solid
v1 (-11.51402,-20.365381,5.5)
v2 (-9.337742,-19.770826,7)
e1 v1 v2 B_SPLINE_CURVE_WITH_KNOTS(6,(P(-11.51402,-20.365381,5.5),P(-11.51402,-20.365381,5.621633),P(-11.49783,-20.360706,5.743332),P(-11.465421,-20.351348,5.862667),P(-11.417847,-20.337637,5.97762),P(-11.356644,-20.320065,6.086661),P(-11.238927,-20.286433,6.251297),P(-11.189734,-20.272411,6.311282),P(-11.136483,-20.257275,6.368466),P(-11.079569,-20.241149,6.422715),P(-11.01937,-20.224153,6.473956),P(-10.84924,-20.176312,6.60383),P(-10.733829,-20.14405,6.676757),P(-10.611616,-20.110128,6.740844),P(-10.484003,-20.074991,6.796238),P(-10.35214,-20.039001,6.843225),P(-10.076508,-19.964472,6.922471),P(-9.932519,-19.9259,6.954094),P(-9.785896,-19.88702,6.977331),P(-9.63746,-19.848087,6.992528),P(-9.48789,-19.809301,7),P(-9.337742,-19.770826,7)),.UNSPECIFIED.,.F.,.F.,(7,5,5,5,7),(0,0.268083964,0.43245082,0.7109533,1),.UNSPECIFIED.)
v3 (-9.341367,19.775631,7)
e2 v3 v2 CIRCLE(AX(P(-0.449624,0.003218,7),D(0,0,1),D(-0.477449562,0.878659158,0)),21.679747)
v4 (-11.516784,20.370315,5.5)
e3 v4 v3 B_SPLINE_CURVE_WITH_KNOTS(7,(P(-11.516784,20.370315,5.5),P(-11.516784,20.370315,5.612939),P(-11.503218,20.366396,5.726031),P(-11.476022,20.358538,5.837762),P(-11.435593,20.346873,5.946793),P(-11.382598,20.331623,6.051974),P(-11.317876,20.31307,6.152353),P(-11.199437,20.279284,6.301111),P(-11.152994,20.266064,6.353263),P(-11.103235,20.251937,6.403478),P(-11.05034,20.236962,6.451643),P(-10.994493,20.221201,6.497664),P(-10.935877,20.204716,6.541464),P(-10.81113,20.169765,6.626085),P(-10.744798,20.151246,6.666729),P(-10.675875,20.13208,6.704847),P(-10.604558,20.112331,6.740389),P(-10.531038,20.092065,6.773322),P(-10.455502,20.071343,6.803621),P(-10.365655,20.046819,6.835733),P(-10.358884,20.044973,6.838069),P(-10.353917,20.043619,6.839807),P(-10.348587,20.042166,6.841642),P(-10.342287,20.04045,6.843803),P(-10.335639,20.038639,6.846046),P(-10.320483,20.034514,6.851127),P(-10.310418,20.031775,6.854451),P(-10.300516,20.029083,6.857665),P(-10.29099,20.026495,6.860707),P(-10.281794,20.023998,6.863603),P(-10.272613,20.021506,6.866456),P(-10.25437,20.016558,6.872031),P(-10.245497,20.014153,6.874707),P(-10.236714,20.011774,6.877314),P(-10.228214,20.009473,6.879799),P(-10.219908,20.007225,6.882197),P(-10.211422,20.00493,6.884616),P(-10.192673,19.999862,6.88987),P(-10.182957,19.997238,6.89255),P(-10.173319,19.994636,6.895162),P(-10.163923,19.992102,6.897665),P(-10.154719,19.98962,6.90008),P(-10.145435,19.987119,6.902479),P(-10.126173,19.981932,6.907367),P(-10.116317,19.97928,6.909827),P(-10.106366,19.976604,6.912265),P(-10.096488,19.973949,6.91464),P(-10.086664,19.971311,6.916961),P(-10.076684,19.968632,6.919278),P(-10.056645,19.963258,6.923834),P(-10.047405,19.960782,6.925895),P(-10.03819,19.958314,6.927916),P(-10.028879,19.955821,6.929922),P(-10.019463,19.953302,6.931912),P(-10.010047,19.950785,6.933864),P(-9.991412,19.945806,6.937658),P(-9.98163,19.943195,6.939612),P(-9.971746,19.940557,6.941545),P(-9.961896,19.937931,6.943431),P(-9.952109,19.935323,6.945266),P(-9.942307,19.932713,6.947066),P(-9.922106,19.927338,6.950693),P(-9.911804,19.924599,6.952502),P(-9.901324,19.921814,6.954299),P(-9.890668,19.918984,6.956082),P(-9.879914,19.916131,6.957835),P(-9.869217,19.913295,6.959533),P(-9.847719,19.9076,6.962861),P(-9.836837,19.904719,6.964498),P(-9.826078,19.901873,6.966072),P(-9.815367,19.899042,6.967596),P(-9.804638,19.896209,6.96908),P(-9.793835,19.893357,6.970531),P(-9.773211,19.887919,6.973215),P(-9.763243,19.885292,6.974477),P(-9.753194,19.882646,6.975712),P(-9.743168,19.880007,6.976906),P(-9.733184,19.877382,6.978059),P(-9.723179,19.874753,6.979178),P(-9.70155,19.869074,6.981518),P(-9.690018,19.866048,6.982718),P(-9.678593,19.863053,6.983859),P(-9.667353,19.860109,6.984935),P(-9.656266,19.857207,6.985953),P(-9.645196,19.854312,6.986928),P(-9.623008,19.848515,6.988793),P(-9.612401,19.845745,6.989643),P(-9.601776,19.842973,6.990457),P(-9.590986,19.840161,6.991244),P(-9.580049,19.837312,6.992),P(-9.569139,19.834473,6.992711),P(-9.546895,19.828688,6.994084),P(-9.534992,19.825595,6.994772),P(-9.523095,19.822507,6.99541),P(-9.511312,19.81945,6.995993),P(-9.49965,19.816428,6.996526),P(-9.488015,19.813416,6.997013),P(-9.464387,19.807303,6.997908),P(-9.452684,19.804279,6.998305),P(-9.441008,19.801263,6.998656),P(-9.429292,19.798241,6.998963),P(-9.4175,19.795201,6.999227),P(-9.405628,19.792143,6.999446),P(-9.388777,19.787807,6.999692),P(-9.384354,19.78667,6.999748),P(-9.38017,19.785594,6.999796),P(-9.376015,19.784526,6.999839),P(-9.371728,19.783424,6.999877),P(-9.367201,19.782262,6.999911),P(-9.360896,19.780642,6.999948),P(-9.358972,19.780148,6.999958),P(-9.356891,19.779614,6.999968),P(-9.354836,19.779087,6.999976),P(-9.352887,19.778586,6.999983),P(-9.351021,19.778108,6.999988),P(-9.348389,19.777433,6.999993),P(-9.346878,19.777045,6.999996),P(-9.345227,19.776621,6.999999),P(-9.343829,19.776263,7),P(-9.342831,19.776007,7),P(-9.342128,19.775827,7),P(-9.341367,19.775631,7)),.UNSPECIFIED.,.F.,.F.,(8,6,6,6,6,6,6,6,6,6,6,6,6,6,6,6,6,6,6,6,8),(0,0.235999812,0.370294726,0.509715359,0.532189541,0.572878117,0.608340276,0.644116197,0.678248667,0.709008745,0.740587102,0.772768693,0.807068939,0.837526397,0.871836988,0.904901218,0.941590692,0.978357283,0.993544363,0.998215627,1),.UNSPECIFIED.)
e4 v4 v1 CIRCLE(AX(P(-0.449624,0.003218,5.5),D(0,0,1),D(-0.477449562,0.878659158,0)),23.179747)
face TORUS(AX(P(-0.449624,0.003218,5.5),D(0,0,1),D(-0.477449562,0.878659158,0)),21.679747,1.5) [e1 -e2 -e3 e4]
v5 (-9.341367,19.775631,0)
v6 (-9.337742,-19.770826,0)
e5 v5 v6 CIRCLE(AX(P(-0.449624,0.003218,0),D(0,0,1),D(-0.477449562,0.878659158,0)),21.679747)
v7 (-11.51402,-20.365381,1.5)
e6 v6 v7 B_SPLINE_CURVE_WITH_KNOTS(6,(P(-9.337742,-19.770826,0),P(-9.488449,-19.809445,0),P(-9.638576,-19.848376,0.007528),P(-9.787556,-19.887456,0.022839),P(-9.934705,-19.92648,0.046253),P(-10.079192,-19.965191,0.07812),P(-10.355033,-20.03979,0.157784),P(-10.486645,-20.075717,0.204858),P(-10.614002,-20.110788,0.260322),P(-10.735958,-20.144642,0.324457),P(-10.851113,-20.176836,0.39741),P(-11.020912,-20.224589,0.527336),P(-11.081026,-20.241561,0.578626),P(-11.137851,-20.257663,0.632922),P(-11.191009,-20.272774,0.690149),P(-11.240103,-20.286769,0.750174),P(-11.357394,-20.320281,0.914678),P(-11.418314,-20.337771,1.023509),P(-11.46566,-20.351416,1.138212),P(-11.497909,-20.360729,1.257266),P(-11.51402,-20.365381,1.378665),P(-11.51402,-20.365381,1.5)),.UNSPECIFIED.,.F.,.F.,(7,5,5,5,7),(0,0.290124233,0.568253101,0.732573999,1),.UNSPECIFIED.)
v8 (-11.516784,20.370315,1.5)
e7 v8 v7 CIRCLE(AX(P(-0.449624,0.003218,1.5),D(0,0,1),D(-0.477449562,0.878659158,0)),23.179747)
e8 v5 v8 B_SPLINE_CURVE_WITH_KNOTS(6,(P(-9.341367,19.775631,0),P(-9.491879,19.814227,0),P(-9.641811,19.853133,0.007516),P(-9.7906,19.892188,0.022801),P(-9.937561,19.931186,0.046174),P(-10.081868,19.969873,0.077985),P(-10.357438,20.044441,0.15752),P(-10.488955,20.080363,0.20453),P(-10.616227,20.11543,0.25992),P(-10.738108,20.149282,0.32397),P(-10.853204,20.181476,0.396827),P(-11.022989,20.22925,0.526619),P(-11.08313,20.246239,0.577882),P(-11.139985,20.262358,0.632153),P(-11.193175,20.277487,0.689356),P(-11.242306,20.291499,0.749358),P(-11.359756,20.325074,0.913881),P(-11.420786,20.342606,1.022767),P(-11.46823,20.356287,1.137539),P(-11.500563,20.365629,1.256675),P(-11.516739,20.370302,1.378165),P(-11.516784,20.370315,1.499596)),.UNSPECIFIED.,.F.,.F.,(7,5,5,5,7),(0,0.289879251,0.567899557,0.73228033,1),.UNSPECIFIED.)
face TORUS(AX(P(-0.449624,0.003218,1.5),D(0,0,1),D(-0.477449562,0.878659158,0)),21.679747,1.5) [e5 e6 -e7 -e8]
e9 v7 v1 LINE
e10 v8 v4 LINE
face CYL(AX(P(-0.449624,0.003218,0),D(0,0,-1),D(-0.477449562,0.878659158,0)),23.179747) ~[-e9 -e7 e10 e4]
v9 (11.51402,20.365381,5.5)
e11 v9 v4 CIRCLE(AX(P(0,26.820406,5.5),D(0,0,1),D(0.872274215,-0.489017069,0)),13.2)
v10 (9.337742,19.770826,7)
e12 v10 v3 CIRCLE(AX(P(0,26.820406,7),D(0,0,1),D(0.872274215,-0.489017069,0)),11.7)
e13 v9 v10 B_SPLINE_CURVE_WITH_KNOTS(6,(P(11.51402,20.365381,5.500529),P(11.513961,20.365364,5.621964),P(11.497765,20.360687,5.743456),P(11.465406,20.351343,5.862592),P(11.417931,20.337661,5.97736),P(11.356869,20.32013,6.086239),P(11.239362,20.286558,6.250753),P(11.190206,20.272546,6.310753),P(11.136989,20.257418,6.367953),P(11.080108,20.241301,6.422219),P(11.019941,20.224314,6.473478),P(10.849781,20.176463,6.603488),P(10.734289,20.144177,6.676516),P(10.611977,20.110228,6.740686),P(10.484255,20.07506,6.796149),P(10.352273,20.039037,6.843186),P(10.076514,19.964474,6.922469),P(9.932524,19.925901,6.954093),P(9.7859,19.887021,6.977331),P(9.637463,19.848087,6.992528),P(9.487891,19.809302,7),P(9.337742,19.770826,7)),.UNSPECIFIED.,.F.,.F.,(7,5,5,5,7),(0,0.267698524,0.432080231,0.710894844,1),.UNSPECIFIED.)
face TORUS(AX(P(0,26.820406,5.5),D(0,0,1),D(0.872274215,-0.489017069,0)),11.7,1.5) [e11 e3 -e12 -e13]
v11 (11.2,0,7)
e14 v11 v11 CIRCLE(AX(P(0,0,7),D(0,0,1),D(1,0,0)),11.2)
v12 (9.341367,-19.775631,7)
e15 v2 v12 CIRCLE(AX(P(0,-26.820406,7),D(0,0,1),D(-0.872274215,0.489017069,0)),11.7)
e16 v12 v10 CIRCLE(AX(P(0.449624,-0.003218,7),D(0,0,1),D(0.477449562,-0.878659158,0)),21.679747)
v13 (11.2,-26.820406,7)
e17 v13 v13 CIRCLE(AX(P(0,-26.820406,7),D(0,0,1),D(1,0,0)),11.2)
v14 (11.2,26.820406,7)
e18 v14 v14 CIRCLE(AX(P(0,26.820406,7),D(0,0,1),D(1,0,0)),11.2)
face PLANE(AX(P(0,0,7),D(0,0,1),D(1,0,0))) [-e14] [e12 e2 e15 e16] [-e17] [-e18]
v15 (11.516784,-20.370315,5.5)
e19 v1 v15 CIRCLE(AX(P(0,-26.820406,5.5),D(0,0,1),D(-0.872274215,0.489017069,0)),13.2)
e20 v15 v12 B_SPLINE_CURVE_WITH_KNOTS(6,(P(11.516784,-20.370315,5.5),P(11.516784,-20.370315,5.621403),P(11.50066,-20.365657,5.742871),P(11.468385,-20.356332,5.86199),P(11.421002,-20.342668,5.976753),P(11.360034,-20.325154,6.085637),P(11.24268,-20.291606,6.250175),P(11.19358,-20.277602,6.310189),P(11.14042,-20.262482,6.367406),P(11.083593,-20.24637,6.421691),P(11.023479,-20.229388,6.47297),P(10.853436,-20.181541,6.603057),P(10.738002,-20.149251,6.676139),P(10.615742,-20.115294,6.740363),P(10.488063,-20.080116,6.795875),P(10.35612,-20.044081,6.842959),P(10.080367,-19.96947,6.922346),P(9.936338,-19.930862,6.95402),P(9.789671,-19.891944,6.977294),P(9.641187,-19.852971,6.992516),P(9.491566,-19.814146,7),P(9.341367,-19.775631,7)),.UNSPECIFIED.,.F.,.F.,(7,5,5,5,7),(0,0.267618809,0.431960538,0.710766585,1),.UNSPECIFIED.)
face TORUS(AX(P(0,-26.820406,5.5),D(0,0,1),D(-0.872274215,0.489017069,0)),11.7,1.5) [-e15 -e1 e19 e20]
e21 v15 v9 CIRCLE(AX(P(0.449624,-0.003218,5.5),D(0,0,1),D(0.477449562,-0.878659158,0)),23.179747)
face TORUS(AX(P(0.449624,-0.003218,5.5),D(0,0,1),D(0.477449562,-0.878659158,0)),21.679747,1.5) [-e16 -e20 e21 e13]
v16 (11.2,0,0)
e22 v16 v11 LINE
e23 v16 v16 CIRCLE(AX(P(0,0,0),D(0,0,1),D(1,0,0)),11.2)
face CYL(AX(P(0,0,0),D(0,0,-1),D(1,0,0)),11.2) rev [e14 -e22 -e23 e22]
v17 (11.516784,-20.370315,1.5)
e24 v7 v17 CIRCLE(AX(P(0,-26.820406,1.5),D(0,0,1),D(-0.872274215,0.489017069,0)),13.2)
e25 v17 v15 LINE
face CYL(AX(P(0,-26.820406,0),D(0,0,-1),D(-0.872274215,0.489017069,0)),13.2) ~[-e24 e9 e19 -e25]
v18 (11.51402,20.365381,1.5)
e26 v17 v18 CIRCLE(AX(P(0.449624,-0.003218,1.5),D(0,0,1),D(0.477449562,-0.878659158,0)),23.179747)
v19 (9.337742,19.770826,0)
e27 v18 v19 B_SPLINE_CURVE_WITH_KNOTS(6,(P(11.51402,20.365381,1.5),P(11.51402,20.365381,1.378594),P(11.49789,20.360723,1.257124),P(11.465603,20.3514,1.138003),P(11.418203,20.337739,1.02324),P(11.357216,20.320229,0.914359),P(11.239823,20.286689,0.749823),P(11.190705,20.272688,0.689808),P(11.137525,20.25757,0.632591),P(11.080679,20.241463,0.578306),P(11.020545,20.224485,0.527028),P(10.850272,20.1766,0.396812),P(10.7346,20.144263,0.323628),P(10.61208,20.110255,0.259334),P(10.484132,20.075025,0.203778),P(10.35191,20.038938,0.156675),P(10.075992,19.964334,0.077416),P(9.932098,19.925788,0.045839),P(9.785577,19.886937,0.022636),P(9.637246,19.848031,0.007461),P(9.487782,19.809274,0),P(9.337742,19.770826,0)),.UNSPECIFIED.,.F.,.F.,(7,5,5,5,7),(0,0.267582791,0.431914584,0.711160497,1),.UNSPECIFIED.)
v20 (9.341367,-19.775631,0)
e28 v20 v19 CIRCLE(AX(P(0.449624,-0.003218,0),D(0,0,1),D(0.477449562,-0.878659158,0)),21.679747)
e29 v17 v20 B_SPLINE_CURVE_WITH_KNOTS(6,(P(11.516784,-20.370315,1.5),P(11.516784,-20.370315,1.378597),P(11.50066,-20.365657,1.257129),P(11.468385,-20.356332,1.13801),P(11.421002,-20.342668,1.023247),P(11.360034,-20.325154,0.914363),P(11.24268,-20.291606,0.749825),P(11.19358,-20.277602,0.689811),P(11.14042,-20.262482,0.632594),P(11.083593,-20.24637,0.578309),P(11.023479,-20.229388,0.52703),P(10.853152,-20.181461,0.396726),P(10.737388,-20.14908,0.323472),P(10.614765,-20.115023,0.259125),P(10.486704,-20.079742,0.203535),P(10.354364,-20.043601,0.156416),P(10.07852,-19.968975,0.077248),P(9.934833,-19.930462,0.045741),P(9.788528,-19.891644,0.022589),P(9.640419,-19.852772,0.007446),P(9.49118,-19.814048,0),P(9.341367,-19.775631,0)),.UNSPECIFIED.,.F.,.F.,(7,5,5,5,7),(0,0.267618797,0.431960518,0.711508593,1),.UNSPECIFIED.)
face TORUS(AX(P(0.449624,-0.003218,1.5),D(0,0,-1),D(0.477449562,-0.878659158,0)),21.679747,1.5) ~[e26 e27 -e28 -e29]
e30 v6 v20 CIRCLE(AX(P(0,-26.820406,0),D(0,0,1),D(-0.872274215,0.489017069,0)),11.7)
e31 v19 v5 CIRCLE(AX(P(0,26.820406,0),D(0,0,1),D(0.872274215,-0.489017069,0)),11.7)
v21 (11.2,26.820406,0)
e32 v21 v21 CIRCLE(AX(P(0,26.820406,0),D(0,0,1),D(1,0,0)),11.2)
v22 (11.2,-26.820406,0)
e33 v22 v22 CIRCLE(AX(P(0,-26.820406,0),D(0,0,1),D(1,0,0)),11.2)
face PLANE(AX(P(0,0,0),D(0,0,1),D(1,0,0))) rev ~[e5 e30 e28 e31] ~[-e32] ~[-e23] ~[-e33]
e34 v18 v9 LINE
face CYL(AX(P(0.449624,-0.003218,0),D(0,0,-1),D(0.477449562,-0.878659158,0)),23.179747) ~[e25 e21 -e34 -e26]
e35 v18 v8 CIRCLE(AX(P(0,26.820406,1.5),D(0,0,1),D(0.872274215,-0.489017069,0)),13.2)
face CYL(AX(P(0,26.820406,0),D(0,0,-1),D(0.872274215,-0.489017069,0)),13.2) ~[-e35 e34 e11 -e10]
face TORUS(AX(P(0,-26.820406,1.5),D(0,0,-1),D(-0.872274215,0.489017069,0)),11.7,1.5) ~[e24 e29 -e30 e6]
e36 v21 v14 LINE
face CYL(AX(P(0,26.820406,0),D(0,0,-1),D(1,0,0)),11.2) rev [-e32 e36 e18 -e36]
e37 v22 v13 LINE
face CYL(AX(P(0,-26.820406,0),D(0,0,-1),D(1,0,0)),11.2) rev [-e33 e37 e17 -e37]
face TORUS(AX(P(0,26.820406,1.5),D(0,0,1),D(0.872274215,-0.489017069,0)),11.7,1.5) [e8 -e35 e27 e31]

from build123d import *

# Parameters (mm, degrees)
F0_R     = 11.2
F1_DEPTH = 7
F2_R     = 1.5
F3_R     = 1.5


with BuildPart() as f1:
    # F0 (on Top) → F1 (new body)
    with BuildSketch(Plane.XY):
        with BuildLine():
            ThreePointArc((11.516784, -20.370315), (23.629371, -0.001645), (11.51402, 20.365381))
            ThreePointArc((11.51402, 20.365381), (0.002827, 40.020406), (-11.516784, 20.370315))
            ThreePointArc((-11.516784, 20.370315), (-23.629371, 0.001645), (-11.51402, -20.365381))
            ThreePointArc((-11.51402, -20.365381), (-0.002827, -40.020406), (11.516784, -20.370315))
        make_face()
        with Locations((0, -26.820406)):
            Circle(F0_R, mode=Mode.SUBTRACT)
        Circle(F0_R, mode=Mode.SUBTRACT)
        with Locations((0, 26.820406)):
            Circle(F0_R, mode=Mode.SUBTRACT)
    extrude(amount=F1_DEPTH)

    # F2
    f2_edges = [f1.edges().sort_by_distance(p)[0] for p in [
        (-23.629371, 0.001645, 7),
        (0.002827, 40.020406, 7),
        (23.629371, -0.001645, 7),
        (-0.002827, -40.020406, 7),
    ]]
    fillet(f2_edges, radius=F2_R)

    # F3
    f3_edges = [f1.edges().sort_by_distance(p)[0] for p in [
        (23.629371, -0.001645, 0),
        (0.002827, 40.020406, 0),
        (-23.629371, 0.001645, 0),
        (-0.002827, -40.020406, 0),
    ]]
    fillet(f3_edges, radius=F3_R)


solid = f1.part
